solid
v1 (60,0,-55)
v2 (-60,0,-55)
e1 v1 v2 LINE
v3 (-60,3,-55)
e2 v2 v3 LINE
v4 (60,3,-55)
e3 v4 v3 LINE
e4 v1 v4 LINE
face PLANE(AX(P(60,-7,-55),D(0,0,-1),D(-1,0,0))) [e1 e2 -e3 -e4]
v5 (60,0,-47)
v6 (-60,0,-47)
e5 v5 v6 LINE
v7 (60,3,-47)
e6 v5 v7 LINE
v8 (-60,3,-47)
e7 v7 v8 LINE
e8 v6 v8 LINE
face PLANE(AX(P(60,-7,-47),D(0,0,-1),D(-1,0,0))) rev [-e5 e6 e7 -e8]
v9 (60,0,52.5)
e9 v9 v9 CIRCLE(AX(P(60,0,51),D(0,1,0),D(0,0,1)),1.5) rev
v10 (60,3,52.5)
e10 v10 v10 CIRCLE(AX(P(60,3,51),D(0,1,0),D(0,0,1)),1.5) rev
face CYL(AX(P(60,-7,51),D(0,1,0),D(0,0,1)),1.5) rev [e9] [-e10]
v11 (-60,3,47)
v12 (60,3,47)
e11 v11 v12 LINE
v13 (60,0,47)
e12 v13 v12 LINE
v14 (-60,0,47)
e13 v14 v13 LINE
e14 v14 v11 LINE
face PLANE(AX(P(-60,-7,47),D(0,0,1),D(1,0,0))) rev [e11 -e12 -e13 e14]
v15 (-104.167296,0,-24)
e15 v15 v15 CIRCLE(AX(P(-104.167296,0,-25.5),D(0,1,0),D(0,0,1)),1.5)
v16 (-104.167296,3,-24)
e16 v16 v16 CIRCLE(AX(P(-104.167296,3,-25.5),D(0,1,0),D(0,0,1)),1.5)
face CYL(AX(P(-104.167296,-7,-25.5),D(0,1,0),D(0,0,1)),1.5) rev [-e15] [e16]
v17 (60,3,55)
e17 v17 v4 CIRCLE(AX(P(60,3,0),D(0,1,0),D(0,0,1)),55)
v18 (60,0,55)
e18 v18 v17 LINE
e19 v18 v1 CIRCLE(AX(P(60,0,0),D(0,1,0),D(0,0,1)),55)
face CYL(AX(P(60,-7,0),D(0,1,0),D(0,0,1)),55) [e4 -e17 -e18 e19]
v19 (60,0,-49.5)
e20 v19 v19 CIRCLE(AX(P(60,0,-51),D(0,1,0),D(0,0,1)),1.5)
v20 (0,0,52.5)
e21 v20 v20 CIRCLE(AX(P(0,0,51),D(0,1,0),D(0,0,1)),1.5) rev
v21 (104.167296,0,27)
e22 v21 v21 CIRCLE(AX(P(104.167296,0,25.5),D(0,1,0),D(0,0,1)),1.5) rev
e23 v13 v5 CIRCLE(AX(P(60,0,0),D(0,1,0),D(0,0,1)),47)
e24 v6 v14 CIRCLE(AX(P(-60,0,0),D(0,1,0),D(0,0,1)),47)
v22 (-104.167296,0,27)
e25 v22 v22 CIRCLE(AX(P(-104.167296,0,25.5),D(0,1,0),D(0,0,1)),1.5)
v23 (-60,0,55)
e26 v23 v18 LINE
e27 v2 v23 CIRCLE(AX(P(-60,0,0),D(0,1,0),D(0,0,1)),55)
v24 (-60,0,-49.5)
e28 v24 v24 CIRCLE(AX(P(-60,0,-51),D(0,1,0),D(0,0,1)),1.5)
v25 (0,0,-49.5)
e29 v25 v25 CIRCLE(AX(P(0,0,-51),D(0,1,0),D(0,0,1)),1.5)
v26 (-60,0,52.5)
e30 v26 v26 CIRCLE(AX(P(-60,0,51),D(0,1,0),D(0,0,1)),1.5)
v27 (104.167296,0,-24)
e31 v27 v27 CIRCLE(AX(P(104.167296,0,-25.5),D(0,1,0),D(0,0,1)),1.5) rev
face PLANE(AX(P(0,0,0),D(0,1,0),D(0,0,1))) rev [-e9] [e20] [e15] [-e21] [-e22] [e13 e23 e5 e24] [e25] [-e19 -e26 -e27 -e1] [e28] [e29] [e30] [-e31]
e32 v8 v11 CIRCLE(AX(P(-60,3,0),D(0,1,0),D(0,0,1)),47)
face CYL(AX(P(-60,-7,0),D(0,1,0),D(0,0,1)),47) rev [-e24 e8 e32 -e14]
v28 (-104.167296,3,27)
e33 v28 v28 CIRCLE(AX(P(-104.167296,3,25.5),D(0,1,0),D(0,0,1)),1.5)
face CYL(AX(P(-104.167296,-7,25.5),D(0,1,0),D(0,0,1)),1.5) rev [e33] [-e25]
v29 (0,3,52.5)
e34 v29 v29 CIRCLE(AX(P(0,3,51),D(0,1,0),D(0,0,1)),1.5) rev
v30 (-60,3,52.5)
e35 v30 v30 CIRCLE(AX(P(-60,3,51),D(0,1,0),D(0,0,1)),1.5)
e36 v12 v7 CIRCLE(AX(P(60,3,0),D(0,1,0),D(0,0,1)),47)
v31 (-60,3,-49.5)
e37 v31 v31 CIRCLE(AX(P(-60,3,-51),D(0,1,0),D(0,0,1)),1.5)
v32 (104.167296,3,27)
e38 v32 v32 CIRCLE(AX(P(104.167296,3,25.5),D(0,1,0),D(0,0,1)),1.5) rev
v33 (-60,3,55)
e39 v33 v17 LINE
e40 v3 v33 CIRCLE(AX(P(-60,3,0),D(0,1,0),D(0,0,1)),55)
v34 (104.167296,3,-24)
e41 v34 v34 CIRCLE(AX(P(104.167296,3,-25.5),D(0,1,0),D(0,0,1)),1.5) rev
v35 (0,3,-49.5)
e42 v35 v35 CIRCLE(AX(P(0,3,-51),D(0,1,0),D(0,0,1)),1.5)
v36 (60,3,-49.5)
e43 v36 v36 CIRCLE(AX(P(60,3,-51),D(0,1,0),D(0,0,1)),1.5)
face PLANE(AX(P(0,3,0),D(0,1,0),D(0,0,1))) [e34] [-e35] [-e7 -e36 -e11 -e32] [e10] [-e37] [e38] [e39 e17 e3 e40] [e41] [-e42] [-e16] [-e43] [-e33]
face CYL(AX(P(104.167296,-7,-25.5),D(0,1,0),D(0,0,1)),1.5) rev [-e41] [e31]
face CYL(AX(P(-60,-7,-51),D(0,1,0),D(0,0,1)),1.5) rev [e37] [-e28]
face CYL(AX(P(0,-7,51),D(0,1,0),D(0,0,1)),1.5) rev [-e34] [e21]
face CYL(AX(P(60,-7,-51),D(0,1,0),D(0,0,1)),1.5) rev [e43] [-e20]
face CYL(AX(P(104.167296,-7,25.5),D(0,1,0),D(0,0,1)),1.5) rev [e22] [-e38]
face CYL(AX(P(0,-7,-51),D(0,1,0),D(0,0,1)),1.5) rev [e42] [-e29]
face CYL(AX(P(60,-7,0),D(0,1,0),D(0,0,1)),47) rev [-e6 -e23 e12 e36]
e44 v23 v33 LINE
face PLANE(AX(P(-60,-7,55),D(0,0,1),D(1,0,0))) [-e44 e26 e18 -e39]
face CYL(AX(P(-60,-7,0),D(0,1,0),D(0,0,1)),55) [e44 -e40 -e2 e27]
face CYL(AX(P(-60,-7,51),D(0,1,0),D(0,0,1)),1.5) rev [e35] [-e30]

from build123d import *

# Parameters (mm, degrees)
SKETCH_1_R          = 1.5
EXTRUDE_2_DEPTH     = 3
CUT_EXTRUDE_1_DEPTH = 10
SKETCH_4_R          = 5
CUT_EXTRUDE_2_DEPTH = 10
SKETCH_5_R          = 1.5
CUT_EXTRUDE_3_DEPTH = 10
CUT_EXTRUDE_4_DEPTH = 10


with BuildPart() as part:
    # 草图1 → 凸台-拉伸2 (new body)
    with BuildSketch(Plane(origin=(0, 0, 0), x_dir=(1, 0, 0), z_dir=(0, 1, 0))):
        with BuildLine():
            Line((-60, 70), (60, 70))
            ThreePointArc((60, 70), (130, 0), (60, -70))
            Line((60, -70), (-60, -70))
            ThreePointArc((-60, -70), (-130, 0), (-60, 70))
        make_face()
        with Locations((-122, 0)):
            Circle(SKETCH_1_R, mode=Mode.SUBTRACT)
        with Locations((122, 0)):
            Circle(SKETCH_1_R, mode=Mode.SUBTRACT)
        with Locations((-30, 60)):
            Circle(SKETCH_1_R, mode=Mode.SUBTRACT)
        with Locations((30, 60)):
            Circle(SKETCH_1_R, mode=Mode.SUBTRACT)
        with Locations((30, -60)):
            Circle(SKETCH_1_R, mode=Mode.SUBTRACT)
        with Locations((-30, -60)):
            Circle(SKETCH_1_R, mode=Mode.SUBTRACT)
    extrude(amount=EXTRUDE_2_DEPTH)

    # 草图3 → 切除-拉伸1 (cut)
    with BuildSketch(Plane(origin=(0, 3, 0), x_dir=(1, 0, 0), z_dir=(0, 1, 0))):
        with BuildLine():
            Line((-60, -70), (60, -70))
            ThreePointArc((60, -70), (130, 0), (60, 70))
            Line((60, 70), (-60, 70))
            ThreePointArc((-60, 70), (-130, 0), (-60, -70))
        make_face()
        with BuildLine():
            Line((-60, -55), (60, -55))
            ThreePointArc((60, -55), (115, 0), (60, 55))
            Line((60, 55), (-60, 55))
            ThreePointArc((-60, 55), (-115, 0), (-60, -55))
        make_face(mode=Mode.SUBTRACT)
    extrude(amount=-CUT_EXTRUDE_1_DEPTH, mode=Mode.SUBTRACT)

    # 草图4 → 切除-拉伸2 (cut)
    with BuildSketch(Plane(origin=(0, 3, 0), x_dir=(1, 0, 0), z_dir=(0, 1, 0))):
        with Locations((-60, 35)):
            Circle(SKETCH_4_R)
        with Locations((-60, -35)):
            Circle(SKETCH_4_R)
        with Locations((-80.57248383, -28.315594803)):
            Circle(SKETCH_4_R)
        with Locations((-93.28697807, -10.815594803)):
            Circle(SKETCH_4_R)
        with Locations((-93.28697807, 10.815594803)):
            Circle(SKETCH_4_R)
        with Locations((-80.57248383, 28.315594803)):
            Circle(SKETCH_4_R)
        with Locations((-40, 35)):
            Circle(SKETCH_4_R)
        with Locations((-20, 35)):
            Circle(SKETCH_4_R)
        with Locations((0, 35)):
            Circle(SKETCH_4_R)
        with Locations((20, 35)):
            Circle(SKETCH_4_R)
        with Locations((40, 35)):
            Circle(SKETCH_4_R)
        with Locations((60, 35)):
            Circle(SKETCH_4_R)
        with Locations((60, -35)):
            Circle(SKETCH_4_R)
        with Locations((40, -35)):
            Circle(SKETCH_4_R)
        with Locations((20, -35)):
            Circle(SKETCH_4_R)
        with Locations((0, -35)):
            Circle(SKETCH_4_R)
        with Locations((-20, -35)):
            Circle(SKETCH_4_R)
        with Locations((-40, -35)):
            Circle(SKETCH_4_R)
        with Locations((80.57248383, 28.315594803)):
            Circle(SKETCH_4_R)
        with Locations((93.28697807, 10.815594803)):
            Circle(SKETCH_4_R)
        with Locations((93.28697807, -10.815594803)):
            Circle(SKETCH_4_R)
        with Locations((80.57248383, -28.315594803)):
            Circle(SKETCH_4_R)
    extrude(amount=-CUT_EXTRUDE_2_DEPTH, mode=Mode.SUBTRACT)

    # 草图5 → 切除-拉伸3 (cut)
    with BuildSketch(Plane(origin=(0, 3, 0), x_dir=(1, 0, 0), z_dir=(0, 1, 0))):
        with Locations((60, 51)):
            Circle(SKETCH_5_R)
        with Locations((104.167295593, 25.5)):
            Circle(SKETCH_5_R)
        with Locations((104.167295593, -25.5)):
            Circle(SKETCH_5_R)
        with Locations((60, -51)):
            Circle(SKETCH_5_R)
        with Locations((0, -51)):
            Circle(SKETCH_5_R)
        with Locations((-60, -51)):
            Circle(SKETCH_5_R)
        with Locations((-104.167295593, -25.5)):
            Circle(SKETCH_5_R)
        with Locations((-104.167295593, 25.5)):
            Circle(SKETCH_5_R)
        with Locations((-60, 51)):
            Circle(SKETCH_5_R)
        with Locations((0, 51)):
            Circle(SKETCH_5_R)
    extrude(amount=-CUT_EXTRUDE_3_DEPTH, mode=Mode.SUBTRACT)

    # 草图6 → 切除-拉伸4 (cut)
    with BuildSketch(Plane(origin=(0, 3, 0), x_dir=(1, 0, 0), z_dir=(0, 1, 0))):
        with BuildLine():
            Line((60, 47), (-60, 47))
            ThreePointArc((-60, 47), (-107, 0), (-60, -47))
            Line((-60, -47), (60, -47))
            ThreePointArc((60, -47), (107, 0), (60, 47))
        make_face()
    extrude(amount=-CUT_EXTRUDE_4_DEPTH, mode=Mode.SUBTRACT)


solid = part.part
